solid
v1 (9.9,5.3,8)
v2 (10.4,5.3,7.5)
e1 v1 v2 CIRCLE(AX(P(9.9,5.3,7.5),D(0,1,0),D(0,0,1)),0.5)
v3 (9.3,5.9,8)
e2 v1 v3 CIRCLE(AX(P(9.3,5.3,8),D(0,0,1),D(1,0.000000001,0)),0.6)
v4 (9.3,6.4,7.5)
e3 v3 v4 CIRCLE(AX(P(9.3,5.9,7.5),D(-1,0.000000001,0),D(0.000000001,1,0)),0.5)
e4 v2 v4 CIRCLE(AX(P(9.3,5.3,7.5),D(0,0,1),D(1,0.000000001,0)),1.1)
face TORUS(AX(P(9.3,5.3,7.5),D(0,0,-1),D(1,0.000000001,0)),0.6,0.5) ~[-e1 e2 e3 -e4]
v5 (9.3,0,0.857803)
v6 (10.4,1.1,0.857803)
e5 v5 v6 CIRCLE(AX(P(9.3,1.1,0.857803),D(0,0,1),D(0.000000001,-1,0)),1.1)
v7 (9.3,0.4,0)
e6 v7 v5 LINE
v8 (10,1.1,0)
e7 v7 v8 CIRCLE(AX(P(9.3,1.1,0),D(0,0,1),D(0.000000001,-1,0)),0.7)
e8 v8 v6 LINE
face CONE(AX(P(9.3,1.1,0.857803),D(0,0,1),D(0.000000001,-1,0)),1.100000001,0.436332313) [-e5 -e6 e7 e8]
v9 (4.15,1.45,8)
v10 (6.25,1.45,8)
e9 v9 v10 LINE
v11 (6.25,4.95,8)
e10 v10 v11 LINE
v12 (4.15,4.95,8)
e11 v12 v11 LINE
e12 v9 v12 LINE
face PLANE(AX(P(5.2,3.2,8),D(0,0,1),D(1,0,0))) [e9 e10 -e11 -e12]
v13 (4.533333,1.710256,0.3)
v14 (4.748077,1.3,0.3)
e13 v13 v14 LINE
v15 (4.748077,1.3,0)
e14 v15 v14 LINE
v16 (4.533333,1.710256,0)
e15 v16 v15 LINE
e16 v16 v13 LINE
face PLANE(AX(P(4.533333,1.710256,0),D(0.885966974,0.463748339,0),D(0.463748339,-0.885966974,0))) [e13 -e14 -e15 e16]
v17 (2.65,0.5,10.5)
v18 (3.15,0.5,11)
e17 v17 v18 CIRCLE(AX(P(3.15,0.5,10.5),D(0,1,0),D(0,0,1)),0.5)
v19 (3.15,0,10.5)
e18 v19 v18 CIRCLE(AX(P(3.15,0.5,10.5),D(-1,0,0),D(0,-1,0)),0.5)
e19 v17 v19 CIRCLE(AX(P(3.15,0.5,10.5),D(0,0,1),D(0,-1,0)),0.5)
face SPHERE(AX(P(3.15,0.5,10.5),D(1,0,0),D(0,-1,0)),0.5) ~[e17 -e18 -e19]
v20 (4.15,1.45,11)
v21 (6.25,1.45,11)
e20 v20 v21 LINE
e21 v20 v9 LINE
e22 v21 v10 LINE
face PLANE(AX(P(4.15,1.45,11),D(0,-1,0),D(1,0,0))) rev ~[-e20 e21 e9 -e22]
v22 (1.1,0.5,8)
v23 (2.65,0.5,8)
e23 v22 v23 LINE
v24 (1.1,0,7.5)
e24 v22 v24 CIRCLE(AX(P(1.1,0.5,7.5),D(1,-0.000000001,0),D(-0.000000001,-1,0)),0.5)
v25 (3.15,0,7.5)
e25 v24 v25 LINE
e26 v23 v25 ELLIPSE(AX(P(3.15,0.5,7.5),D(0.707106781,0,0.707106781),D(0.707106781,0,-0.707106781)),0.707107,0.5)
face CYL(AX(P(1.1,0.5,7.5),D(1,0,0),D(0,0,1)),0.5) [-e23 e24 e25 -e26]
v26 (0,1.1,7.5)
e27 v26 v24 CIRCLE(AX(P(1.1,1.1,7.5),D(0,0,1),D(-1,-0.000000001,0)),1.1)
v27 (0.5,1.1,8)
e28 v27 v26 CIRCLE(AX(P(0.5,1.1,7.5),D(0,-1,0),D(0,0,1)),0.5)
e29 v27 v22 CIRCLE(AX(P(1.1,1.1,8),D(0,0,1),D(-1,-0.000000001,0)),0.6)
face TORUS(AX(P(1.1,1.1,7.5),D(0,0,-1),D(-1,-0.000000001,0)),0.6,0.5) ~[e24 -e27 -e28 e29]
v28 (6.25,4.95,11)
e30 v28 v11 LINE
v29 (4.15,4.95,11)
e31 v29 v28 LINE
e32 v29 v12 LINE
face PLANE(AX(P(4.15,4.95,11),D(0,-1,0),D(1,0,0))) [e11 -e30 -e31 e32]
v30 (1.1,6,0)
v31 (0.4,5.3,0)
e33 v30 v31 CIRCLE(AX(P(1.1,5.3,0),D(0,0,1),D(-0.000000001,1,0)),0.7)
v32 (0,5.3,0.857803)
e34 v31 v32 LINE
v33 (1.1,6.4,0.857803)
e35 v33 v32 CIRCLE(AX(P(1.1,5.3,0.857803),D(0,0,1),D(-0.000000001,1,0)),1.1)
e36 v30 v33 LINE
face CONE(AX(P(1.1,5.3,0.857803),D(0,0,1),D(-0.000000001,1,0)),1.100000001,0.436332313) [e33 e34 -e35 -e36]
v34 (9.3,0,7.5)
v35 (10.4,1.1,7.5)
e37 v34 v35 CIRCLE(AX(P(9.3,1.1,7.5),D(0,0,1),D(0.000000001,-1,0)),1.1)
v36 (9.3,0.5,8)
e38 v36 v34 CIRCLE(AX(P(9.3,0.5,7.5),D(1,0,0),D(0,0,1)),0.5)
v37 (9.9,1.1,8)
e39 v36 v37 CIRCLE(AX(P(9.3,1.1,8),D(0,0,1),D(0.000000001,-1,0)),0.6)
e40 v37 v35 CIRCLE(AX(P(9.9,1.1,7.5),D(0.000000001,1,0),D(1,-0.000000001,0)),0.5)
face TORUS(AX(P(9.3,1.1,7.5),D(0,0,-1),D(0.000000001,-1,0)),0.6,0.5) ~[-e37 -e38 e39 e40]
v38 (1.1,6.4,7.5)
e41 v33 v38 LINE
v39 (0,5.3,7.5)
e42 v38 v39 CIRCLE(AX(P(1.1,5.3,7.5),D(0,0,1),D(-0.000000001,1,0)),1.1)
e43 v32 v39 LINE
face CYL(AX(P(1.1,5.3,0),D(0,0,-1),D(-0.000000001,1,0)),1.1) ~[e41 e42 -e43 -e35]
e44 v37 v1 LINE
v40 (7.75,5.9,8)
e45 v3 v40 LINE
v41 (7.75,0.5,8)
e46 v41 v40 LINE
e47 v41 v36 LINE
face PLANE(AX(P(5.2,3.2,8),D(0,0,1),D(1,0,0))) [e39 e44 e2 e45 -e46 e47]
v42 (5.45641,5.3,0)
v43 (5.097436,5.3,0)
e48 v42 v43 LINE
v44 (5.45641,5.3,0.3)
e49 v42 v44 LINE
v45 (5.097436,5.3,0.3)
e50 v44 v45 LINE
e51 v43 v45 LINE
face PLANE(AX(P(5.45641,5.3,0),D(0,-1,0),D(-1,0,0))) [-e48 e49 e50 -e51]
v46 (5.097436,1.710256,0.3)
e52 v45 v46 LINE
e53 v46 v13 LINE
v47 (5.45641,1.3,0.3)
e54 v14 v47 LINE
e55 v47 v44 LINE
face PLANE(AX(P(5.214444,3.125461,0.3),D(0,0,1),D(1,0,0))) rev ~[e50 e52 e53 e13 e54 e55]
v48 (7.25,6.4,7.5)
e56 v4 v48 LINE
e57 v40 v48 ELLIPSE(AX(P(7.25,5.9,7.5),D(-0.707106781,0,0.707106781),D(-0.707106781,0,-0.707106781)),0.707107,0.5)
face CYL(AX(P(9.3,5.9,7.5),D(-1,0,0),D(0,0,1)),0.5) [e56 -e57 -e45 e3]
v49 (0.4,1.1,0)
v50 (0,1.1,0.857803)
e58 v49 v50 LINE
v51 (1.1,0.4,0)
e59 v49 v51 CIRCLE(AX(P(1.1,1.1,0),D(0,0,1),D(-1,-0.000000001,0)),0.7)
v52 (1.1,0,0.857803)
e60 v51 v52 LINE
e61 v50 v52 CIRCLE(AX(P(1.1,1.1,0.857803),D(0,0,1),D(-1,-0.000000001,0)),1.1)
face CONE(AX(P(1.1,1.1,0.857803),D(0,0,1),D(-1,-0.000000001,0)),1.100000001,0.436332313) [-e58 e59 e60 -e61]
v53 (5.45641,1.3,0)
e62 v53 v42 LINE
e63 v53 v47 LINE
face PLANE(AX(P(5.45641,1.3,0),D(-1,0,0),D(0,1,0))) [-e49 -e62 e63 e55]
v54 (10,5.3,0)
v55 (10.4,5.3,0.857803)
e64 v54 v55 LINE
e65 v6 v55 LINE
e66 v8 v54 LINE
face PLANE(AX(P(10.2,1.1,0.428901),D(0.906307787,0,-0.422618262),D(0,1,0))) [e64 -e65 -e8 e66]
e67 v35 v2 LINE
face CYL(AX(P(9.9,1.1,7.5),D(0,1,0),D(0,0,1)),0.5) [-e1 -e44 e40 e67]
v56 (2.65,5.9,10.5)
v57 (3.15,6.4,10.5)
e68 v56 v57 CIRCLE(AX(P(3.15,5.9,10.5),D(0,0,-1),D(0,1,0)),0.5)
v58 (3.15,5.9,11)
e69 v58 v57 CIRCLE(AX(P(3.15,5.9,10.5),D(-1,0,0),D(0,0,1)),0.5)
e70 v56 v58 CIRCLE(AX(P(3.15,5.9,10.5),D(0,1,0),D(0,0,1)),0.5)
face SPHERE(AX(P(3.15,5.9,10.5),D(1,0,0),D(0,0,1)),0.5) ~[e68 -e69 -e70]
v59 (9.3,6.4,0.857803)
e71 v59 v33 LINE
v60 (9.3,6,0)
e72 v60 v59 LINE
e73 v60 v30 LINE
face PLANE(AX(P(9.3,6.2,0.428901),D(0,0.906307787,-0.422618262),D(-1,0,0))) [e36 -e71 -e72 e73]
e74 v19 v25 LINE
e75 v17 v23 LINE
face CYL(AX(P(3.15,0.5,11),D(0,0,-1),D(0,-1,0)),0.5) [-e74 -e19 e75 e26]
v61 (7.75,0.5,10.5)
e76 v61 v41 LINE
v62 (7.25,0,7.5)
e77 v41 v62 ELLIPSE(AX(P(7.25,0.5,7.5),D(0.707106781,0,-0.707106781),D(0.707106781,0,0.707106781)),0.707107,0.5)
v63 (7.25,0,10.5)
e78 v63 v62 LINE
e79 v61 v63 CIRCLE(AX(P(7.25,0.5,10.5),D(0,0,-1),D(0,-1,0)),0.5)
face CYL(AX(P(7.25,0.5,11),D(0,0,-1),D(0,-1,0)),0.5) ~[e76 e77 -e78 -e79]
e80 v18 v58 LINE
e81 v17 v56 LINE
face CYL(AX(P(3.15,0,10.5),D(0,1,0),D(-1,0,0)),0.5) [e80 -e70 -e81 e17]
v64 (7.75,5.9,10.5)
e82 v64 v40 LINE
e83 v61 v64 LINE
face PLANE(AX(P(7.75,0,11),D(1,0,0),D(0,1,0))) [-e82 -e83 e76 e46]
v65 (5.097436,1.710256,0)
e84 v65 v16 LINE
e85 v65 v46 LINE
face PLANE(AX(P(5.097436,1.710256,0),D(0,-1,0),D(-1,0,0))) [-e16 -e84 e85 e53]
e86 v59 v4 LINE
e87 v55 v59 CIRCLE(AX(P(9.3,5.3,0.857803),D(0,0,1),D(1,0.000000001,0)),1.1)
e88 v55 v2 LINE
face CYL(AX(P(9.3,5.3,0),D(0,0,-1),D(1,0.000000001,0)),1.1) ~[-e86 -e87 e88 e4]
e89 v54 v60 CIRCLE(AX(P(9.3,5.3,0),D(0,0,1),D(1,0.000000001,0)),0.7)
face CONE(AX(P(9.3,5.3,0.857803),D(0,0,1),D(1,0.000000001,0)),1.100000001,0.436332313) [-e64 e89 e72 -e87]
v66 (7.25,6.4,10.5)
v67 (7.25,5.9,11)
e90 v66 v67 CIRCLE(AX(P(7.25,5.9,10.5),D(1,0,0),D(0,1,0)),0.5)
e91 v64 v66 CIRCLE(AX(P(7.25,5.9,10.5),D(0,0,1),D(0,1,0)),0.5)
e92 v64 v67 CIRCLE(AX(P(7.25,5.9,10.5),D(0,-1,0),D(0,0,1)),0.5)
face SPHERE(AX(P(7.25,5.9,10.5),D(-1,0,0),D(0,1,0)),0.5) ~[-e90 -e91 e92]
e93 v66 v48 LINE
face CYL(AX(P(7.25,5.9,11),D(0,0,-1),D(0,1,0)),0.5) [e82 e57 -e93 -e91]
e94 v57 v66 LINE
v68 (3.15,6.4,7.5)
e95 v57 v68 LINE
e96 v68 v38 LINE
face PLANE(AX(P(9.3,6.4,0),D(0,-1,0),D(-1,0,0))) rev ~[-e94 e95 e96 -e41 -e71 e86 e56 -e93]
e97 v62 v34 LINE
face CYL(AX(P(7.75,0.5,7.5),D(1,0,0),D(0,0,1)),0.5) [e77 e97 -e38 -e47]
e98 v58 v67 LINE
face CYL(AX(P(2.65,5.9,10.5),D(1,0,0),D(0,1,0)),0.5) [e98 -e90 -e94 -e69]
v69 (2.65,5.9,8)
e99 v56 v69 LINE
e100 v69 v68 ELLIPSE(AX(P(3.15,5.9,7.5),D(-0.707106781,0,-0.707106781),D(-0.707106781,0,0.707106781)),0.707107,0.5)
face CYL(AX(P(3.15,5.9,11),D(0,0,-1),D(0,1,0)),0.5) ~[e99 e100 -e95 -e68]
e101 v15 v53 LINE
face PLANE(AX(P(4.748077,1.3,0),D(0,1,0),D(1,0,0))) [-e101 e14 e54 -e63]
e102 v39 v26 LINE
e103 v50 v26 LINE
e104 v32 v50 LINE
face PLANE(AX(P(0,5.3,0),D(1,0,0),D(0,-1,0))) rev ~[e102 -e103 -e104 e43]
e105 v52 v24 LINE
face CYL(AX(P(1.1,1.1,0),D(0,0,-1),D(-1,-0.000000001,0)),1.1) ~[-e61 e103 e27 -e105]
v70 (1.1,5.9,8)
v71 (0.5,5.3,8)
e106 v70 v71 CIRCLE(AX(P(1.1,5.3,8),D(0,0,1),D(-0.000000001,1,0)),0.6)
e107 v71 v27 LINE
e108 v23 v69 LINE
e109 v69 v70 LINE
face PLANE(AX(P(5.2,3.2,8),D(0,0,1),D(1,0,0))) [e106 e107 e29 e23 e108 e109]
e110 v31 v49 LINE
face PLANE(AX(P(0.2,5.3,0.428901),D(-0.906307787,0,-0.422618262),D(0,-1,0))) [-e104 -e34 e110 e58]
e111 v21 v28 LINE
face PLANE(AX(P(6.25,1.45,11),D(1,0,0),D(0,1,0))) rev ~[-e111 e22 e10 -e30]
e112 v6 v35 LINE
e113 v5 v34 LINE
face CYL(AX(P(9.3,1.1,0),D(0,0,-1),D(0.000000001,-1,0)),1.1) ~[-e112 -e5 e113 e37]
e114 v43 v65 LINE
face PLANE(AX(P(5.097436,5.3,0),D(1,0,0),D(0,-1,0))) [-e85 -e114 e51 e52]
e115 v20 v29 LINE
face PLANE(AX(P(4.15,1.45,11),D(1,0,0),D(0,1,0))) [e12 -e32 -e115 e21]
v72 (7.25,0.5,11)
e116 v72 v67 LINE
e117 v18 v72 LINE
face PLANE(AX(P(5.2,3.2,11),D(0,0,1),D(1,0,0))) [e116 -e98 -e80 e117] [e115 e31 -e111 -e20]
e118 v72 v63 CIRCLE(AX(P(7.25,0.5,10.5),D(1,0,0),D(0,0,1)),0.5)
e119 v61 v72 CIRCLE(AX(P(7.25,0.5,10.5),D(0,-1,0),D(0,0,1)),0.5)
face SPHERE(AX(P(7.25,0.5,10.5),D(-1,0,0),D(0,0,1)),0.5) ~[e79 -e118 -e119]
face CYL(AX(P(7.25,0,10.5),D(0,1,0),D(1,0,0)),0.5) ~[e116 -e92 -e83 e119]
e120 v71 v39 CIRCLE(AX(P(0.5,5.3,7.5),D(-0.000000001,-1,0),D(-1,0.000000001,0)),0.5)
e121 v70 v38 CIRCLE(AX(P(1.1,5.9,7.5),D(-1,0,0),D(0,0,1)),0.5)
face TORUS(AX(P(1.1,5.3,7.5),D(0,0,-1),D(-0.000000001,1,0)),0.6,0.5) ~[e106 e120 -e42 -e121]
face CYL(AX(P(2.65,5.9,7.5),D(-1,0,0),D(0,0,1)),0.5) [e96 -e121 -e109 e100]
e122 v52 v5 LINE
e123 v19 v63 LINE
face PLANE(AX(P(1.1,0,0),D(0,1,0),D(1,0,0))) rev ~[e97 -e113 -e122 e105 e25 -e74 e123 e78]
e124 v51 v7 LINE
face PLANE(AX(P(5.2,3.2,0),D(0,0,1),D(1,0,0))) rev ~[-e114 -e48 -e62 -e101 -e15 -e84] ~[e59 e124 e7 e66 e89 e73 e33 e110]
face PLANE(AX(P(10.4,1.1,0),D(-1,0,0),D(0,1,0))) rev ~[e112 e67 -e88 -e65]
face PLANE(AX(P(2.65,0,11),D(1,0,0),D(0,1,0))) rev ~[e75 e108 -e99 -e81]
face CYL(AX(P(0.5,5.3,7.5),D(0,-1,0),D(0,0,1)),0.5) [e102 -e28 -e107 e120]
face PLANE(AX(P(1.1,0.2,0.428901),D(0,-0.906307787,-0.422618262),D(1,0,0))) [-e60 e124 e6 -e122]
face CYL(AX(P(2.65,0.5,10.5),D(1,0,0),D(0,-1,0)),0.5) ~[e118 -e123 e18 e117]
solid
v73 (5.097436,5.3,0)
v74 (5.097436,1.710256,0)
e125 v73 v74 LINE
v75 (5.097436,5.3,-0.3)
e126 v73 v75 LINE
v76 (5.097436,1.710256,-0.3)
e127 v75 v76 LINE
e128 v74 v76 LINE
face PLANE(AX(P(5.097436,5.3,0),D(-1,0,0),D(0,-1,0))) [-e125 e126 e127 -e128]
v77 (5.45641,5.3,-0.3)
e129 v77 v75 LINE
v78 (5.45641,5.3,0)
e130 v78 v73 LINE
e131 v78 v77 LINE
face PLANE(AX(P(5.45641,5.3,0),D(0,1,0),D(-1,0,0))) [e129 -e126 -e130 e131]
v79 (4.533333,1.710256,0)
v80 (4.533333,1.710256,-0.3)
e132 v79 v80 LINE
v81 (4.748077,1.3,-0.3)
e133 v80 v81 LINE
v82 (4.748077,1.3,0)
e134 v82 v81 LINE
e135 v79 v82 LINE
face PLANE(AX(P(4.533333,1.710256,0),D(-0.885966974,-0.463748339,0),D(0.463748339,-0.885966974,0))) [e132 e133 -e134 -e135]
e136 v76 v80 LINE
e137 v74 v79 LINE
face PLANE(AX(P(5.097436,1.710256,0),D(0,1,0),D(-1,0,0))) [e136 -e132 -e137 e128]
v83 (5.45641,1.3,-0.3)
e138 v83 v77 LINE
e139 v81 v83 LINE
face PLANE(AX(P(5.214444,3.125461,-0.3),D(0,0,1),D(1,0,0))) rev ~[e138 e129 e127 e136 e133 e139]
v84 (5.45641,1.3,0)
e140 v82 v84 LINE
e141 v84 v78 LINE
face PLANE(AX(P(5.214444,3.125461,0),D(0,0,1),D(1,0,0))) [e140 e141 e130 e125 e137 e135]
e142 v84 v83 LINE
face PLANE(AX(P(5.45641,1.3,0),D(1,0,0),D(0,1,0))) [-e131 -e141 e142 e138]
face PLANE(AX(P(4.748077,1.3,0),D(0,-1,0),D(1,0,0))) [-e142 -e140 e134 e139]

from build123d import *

# Parameters (mm, degrees)
BOSS_EXTRU_1_DEPTH      = 11
ESQUISSE3_W             = 2.1
ESQUISSE3_H             = 3.5
ENL_V_MAT_EXTRU_1_DEPTH = 3
ESQUISSE4_OUTSIDE_W     = 15.688
ESQUISSE4_OUTSIDE_H     = 11.688
ESQUISSE4_OUTSIDE_W_2   = 5.1
ESQUISSE4_OUTSIDE_H_2   = 6.4
ENL_V_MAT_EXTRU_2_DEPTH = 3
CONG_1_R                = 0.5
CHANFREIN1_SIZE         = 0.4
CHANFREIN1_SIZE2        = 0.857802768
ENL_V_MAT_EXTRU_3_DEPTH = 0.3
BOSS_EXTRU_2_DEPTH      = 0.3


with BuildPart() as part:
    # Esquisse2 → Boss.-Extru.1 (new body)
    with BuildSketch(Plane.XY):
        with BuildLine():
            Line((1.1, 0), (9.3, 0))
            ThreePointArc((9.3, 0), (10.077817459, 0.322182541), (10.4, 1.1))
            Line((10.4, 1.1), (10.4, 5.3))
            ThreePointArc((10.4, 5.3), (10.077817459, 6.077817459), (9.3, 6.4))
            Line((9.3, 6.4), (1.1, 6.4))
            ThreePointArc((1.1, 6.4), (0.322182541, 6.077817459), (0, 5.3))
            Line((0, 5.3), (0, 1.1))
            ThreePointArc((0, 1.1), (0.322182541, 0.322182541), (1.1, 0))
        make_face()
    extrude(amount=BOSS_EXTRU_1_DEPTH)

    # Esquisse3 → Enlèv. mat.-Extru.1 (cut)
    with BuildSketch(Plane.XY.offset(11)):
        with Locations((5.2, 3.2)):
            Rectangle(ESQUISSE3_W, ESQUISSE3_H)
    extrude(amount=-ENL_V_MAT_EXTRU_1_DEPTH, mode=Mode.SUBTRACT)

    # Esquisse4 outside → Enlèv. mat.-Extru.2 (cut)
    with BuildSketch(Plane.XY.offset(11)):
        with Locations((5.2, 3.2)):
            Rectangle(ESQUISSE4_OUTSIDE_W, ESQUISSE4_OUTSIDE_H)
        with Locations((5.2, 3.2)):
            Rectangle(ESQUISSE4_OUTSIDE_W_2, ESQUISSE4_OUTSIDE_H_2, mode=Mode.SUBTRACT)
    extrude(amount=-ENL_V_MAT_EXTRU_2_DEPTH, mode=Mode.SUBTRACT)

    # Congé1
    cong_1_edges = [part.edges().sort_by_distance(p)[0] for p in [
        (5.2, 6.4, 11),
        (5.2, 0, 11),
        (10.4, 3.2, 8),
        (1.875, 6.4, 8),
        (0.322182541, 6.077817459, 8),
        (0, 3.2, 8),
        (0.322182541, 0.322182541, 8),
        (1.875, 0, 8),
        (8.525, 0, 8),
        (10.077817459, 0.322182541, 8),
        (10.077817459, 6.077817459, 8),
        (8.525, 6.4, 8),
        (7.75, 6.4, 9.5),
        (7.75, 3.2, 11),
        (7.75, 0, 9.5),
        (2.65, 0, 9.5),
        (2.65, 3.2, 11),
        (2.65, 6.4, 9.5),
    ]]
    fillet(cong_1_edges, radius=CONG_1_R)

    # Chanfrein1
    chanfrein1_edges = [part.edges().sort_by_distance(p)[0] for p in [
        (5.2, 6.4, 0),
        (10.077817459, 6.077817459, 0),
        (10.4, 3.2, 0),
        (10.077817459, 0.322182541, 0),
        (5.2, 0, 0),
        (0.322182541, 0.322182541, 0),
        (0, 3.2, 0),
        (0.322182541, 6.077817459, 0),
    ]]
    chanfrein1_side = [part.faces().sort_by_distance(p)[0] for p in [
        (5.2, 3.2, 0),
    ]]
    chamfer(chanfrein1_edges, length=CHANFREIN1_SIZE, length2=CHANFREIN1_SIZE2, reference=chanfrein1_side[0])

    # Esquisse5 → Enlèv. mat.-Extru.3 (cut)
    with BuildSketch(Plane(origin=(0, 0, 0), x_dir=(-1, 0, 0), z_dir=(0, 0, -1))):
        Polygon((-4.748076923, 1.3), (-5.456410256, 1.3), (-5.456410256, 5.3), (-5.097435897, 5.3), (-5.097435897, 1.71025641), (-4.533333333, 1.71025641), align=None)
    extrude(amount=-ENL_V_MAT_EXTRU_3_DEPTH, mode=Mode.SUBTRACT)


with BuildPart() as body_2:
    # Esquisse5<2> → Boss.-Extru.2 (new body)
    with BuildSketch(Plane(origin=(0, 0, 0), x_dir=(-1, 0, 0), z_dir=(0, 0, -1))):
        Polygon((-4.748076923, 1.3), (-5.456410256, 1.3), (-5.456410256, 5.3), (-5.097435897, 5.3), (-5.097435897, 1.71025641), (-4.533333333, 1.71025641), align=None)
    extrude(amount=BOSS_EXTRU_2_DEPTH)


solid = Compound([part.part, body_2.part])
